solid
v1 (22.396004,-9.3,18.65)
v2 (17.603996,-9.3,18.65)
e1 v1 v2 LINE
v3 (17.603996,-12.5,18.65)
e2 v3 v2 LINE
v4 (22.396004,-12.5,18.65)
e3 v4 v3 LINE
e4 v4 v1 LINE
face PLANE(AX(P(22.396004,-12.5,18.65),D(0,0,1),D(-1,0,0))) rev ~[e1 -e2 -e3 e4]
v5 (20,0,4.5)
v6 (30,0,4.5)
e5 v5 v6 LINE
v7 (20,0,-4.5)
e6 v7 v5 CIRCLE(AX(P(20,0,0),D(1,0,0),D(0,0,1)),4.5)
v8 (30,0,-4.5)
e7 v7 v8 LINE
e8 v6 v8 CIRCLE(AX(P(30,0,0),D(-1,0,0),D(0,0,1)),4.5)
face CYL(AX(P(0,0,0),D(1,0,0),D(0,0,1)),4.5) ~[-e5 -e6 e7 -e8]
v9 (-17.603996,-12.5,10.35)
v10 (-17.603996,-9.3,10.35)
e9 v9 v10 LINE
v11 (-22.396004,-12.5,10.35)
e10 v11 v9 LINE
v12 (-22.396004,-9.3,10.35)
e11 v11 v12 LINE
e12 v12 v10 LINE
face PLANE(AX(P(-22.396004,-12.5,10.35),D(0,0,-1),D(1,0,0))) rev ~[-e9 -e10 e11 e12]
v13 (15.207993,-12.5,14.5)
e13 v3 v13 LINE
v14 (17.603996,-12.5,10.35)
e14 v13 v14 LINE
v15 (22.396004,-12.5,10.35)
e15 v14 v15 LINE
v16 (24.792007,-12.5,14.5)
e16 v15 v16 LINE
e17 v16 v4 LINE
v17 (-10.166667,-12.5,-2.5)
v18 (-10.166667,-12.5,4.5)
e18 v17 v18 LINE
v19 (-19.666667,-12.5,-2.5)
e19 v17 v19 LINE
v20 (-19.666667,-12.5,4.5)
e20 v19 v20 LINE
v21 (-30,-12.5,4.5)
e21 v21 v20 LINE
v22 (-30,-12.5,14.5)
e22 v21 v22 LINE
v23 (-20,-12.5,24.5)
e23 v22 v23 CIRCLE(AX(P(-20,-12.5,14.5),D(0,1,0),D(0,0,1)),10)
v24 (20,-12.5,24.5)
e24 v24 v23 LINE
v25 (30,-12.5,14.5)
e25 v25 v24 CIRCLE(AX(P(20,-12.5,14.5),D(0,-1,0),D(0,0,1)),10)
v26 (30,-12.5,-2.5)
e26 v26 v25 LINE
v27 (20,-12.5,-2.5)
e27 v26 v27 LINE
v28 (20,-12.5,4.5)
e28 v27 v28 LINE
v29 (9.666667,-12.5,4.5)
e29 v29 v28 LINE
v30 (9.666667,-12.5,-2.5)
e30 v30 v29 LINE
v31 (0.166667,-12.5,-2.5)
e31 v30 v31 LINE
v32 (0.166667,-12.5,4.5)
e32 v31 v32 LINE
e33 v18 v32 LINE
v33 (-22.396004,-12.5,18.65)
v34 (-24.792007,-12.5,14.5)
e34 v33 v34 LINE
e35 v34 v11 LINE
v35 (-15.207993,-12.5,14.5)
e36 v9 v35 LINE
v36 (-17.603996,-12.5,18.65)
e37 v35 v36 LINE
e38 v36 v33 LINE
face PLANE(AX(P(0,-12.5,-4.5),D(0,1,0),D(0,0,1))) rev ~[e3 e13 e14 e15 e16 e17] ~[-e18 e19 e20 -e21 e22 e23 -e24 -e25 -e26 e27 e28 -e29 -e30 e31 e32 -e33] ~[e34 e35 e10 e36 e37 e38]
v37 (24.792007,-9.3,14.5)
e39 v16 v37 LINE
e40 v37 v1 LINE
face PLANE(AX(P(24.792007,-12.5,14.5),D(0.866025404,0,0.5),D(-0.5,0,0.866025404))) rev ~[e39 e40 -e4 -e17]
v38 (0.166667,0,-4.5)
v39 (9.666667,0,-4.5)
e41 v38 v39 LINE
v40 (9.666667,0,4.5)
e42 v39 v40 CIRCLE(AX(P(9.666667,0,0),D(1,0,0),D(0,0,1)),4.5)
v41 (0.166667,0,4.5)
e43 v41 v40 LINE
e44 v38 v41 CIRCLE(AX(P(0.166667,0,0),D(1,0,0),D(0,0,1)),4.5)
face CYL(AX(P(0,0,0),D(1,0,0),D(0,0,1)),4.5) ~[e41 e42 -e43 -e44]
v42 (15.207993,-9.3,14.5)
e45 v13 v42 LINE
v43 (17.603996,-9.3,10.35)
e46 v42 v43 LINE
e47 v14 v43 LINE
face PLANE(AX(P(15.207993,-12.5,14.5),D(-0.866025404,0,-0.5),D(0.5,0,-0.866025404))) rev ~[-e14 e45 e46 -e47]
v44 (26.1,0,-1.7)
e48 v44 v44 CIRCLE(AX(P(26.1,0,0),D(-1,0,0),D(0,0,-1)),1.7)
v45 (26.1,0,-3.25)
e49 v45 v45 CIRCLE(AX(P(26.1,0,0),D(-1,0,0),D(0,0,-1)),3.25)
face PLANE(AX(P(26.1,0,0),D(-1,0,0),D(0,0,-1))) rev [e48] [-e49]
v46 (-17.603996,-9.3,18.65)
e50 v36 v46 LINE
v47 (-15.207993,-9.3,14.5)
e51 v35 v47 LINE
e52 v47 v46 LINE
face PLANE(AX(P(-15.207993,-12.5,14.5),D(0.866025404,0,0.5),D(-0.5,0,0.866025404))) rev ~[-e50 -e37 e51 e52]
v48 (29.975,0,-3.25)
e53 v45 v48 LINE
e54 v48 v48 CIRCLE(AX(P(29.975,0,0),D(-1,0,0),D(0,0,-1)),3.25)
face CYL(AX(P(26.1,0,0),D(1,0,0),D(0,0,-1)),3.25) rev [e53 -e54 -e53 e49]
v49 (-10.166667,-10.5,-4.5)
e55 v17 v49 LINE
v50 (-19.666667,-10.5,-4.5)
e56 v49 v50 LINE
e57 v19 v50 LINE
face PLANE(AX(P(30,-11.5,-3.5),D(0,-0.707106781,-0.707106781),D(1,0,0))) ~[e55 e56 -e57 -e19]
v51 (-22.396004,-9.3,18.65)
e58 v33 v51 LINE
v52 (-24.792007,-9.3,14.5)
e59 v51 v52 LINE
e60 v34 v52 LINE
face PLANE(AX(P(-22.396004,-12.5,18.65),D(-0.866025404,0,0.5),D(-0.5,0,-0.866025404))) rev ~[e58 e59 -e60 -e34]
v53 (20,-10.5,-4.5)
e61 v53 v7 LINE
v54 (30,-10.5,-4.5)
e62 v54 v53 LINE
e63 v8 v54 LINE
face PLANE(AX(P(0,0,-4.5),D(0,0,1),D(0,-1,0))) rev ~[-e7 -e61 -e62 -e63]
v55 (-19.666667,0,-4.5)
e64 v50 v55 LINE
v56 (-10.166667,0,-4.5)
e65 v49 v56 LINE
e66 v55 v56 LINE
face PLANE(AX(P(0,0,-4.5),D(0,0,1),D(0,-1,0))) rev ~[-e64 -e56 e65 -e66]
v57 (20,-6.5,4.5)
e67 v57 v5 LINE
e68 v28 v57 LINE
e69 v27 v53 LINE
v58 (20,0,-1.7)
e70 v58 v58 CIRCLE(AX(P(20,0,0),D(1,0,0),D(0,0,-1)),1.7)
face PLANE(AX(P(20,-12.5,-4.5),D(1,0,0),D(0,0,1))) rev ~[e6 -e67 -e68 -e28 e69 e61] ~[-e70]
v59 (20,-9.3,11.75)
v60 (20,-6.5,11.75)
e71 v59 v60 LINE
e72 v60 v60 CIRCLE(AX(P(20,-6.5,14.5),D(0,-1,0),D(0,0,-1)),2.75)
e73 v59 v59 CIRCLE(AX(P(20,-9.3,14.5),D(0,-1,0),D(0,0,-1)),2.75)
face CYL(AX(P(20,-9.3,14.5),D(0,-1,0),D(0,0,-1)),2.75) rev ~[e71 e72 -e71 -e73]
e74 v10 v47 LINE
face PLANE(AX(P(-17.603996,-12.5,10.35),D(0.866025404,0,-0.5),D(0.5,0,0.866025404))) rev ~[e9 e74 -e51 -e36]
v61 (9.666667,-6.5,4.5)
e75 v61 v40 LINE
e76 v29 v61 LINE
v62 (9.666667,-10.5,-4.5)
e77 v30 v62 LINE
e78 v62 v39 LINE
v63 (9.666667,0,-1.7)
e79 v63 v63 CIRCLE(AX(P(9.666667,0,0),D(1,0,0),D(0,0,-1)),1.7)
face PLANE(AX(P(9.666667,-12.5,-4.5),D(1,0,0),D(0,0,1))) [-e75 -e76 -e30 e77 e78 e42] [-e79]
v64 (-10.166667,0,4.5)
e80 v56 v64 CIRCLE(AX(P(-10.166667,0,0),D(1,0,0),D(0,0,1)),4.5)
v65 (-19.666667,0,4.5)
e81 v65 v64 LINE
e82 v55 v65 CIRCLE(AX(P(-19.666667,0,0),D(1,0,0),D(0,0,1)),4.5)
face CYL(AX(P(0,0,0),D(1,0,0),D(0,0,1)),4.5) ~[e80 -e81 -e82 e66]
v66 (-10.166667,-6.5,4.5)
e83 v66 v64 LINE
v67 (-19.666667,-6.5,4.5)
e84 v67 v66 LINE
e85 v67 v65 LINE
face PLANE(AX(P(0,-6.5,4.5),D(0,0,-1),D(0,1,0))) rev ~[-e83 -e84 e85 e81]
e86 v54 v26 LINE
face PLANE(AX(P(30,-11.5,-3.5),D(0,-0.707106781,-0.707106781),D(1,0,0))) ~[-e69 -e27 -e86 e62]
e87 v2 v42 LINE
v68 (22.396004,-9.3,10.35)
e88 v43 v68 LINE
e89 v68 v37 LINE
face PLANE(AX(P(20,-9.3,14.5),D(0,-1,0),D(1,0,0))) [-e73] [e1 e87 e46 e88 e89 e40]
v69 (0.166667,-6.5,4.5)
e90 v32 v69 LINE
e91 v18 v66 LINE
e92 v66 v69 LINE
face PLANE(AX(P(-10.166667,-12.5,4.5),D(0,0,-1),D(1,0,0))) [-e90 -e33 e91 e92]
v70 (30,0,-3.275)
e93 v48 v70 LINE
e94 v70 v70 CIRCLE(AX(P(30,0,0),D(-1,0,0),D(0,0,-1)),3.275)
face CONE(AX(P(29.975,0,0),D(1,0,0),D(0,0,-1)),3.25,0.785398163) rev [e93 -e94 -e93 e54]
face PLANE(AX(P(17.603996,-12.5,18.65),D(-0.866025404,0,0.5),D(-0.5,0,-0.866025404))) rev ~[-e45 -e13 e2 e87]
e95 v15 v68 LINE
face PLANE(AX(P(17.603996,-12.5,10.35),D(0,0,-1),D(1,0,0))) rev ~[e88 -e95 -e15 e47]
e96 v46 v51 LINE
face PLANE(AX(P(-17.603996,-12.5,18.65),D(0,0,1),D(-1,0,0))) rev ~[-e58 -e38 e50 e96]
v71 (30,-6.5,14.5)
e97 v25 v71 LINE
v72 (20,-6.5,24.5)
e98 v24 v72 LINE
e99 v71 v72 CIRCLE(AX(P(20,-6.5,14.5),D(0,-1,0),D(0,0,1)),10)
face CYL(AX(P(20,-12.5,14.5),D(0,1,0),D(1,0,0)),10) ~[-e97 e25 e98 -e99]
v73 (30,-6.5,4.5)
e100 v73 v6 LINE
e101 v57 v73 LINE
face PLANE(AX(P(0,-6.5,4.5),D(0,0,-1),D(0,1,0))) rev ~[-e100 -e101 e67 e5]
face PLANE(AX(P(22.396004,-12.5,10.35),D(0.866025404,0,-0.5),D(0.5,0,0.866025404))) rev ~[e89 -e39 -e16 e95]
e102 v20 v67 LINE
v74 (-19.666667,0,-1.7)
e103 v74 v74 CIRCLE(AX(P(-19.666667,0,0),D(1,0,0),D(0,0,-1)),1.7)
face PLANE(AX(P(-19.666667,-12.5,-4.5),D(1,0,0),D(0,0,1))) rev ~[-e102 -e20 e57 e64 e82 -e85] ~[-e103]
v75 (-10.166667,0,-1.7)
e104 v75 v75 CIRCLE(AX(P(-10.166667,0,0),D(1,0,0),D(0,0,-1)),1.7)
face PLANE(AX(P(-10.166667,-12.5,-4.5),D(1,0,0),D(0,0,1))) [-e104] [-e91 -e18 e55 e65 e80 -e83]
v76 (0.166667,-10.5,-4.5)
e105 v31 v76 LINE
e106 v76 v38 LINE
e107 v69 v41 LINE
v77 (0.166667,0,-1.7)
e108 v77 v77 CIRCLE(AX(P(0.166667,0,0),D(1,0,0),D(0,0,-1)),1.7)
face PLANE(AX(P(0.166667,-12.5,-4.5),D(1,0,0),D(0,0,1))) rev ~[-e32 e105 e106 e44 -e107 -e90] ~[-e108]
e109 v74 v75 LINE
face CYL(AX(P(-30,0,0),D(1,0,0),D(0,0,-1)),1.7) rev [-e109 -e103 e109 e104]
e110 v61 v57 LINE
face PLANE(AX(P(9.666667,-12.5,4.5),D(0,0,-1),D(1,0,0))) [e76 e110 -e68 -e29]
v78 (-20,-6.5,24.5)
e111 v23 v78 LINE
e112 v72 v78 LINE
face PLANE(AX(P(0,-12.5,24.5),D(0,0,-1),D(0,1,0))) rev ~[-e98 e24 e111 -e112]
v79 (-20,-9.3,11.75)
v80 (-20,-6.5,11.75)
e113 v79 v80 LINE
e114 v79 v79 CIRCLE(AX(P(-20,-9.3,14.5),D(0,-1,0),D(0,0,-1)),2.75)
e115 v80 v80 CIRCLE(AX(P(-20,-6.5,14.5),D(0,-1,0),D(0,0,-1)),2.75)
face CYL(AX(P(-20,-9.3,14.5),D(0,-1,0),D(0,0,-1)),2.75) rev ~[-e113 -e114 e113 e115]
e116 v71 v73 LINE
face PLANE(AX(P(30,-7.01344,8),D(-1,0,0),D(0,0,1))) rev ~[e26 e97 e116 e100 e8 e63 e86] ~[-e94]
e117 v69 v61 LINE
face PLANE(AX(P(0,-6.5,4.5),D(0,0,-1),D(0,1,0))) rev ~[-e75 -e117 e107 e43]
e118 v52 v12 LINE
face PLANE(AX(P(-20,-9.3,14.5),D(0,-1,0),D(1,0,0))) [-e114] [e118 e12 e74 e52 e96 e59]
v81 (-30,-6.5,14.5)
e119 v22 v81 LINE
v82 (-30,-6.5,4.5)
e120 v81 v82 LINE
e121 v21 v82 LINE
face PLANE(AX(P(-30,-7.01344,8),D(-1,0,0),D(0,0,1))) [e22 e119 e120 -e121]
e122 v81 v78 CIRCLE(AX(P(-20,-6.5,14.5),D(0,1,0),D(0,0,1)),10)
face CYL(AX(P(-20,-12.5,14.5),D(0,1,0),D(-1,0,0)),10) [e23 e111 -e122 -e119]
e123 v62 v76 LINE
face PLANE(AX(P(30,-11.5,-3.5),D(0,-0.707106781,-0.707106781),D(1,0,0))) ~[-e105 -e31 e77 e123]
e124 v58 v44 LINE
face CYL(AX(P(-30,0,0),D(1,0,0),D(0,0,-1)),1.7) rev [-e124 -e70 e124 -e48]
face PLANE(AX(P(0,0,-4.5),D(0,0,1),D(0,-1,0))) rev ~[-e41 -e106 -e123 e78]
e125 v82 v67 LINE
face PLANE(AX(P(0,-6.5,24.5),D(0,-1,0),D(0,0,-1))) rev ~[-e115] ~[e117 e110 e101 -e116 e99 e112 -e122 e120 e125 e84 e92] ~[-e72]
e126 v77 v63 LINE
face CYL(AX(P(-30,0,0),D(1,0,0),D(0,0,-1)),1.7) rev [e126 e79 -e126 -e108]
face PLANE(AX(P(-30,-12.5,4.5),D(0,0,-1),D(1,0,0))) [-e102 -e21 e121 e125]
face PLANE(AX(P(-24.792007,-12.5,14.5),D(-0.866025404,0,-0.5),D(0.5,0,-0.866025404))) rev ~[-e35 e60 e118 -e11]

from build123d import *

# Parameters (mm, degrees)
BOSS_EXTRUDE1_DEPTH = 30
CHAMFER1_SIZE       = 2
FILLET1_R           = 10
SKETCH2_W           = 10.333333333
SKETCH2_H           = 9
SKETCH2_W_2         = 10.333333334
CUT_EXTRUDE1_DEPTH  = 43.299527184
CUT_EXTRUDE2_DEPTH  = 3.2
SKETCH7_R           = 2.75
CUT_EXTRUDE3_DEPTH  = 2.8


with BuildPart() as part:
    # Sketch1 → Boss-Extrude1 (new, symmetric)
    with BuildSketch(Plane(origin=(0, 0, 0), x_dir=(0, 0, -1), z_dir=(1, 0, 0))):
        with BuildLine():
            Line((4.5, 0), (4.5, -12.5))
            Line((4.5, -12.5), (-24.5, -12.5))
            Line((-24.5, -12.5), (-24.5, -6.5))
            Line((-24.5, -6.5), (-4.5, -6.5))
            Line((-4.5, -6.5), (-4.5, 0))
            ThreePointArc((-4.5, 0), (0, 4.5), (4.5, 0))
        make_face()
    extrude(amount=BOSS_EXTRUDE1_DEPTH, both=True)

    # Chamfer1
    chamfer1_edges = [part.edges().sort_by_distance(p)[0] for p in [
        (0, -12.5, -4.5),
    ]]
    chamfer(chamfer1_edges, length=CHAMFER1_SIZE)

    # Fillet1
    fillet1_edges = [part.edges().sort_by_distance(p)[0] for p in [
        (-30, -9.5, 24.5),
        (30, -9.5, 24.5),
    ]]
    fillet(fillet1_edges, radius=FILLET1_R)

    # Sketch2 → Cut-Extrude1 (cut, through all)
    with BuildSketch(Plane.XZ.offset(12.5)):
        with Locations((-24.833333334, 0)):
            Rectangle(SKETCH2_W, SKETCH2_H)
        with Locations((-5, 0)):
            Rectangle(SKETCH2_W_2, SKETCH2_H)
        with Locations((14.833333334, 0)):
            Rectangle(SKETCH2_W, SKETCH2_H)
    extrude(amount=-CUT_EXTRUDE1_DEPTH, mode=Mode.SUBTRACT)

    # Sketch5 → CBORE for M3 Hex Socket Head Cap Screw1 (revolve, cut)
    with BuildSketch(Plane(origin=(30, 0, 0), x_dir=(0, 0, -1), z_dir=(0, 1, 0))):
        Polygon((0, 0), (0, 60), (1.7, 60), (1.7, 3.9), (3.25, 3.9), (3.25, 0.025), (3.275, 0), align=None)
    revolve(axis=Axis((36.35, 0, 0), (-1, 0, 0)), mode=Mode.SUBTRACT)

    # Sketch6 → Cut-Extrude2 (cut)
    with BuildSketch(Plane.XZ.offset(12.5)):
        Polygon((24.792007234, 14.5), (22.396003617, 18.65), (17.603996383, 18.65), (15.207992766, 14.5), (17.603996383, 10.35), (22.396003617, 10.35), align=None)
        Polygon((-15.207992766, 14.5), (-17.603996383, 18.65), (-22.396003617, 18.65), (-24.792007234, 14.5), (-22.396003617, 10.35), (-17.603996383, 10.35), align=None)
    extrude(amount=-CUT_EXTRUDE2_DEPTH, mode=Mode.SUBTRACT)

    # Sketch7 → Cut-Extrude3 (cut)
    with BuildSketch(Plane.XZ.offset(9.3)):
        with Locations(Location((-20, 14.5, 0), (0, 0, 270))):
            Circle(SKETCH7_R)
        with Locations(Location((20, 14.5, 0), (0, 0, 270))):
            Circle(SKETCH7_R)
    extrude(amount=-CUT_EXTRUDE3_DEPTH, mode=Mode.SUBTRACT)


solid = part.part
